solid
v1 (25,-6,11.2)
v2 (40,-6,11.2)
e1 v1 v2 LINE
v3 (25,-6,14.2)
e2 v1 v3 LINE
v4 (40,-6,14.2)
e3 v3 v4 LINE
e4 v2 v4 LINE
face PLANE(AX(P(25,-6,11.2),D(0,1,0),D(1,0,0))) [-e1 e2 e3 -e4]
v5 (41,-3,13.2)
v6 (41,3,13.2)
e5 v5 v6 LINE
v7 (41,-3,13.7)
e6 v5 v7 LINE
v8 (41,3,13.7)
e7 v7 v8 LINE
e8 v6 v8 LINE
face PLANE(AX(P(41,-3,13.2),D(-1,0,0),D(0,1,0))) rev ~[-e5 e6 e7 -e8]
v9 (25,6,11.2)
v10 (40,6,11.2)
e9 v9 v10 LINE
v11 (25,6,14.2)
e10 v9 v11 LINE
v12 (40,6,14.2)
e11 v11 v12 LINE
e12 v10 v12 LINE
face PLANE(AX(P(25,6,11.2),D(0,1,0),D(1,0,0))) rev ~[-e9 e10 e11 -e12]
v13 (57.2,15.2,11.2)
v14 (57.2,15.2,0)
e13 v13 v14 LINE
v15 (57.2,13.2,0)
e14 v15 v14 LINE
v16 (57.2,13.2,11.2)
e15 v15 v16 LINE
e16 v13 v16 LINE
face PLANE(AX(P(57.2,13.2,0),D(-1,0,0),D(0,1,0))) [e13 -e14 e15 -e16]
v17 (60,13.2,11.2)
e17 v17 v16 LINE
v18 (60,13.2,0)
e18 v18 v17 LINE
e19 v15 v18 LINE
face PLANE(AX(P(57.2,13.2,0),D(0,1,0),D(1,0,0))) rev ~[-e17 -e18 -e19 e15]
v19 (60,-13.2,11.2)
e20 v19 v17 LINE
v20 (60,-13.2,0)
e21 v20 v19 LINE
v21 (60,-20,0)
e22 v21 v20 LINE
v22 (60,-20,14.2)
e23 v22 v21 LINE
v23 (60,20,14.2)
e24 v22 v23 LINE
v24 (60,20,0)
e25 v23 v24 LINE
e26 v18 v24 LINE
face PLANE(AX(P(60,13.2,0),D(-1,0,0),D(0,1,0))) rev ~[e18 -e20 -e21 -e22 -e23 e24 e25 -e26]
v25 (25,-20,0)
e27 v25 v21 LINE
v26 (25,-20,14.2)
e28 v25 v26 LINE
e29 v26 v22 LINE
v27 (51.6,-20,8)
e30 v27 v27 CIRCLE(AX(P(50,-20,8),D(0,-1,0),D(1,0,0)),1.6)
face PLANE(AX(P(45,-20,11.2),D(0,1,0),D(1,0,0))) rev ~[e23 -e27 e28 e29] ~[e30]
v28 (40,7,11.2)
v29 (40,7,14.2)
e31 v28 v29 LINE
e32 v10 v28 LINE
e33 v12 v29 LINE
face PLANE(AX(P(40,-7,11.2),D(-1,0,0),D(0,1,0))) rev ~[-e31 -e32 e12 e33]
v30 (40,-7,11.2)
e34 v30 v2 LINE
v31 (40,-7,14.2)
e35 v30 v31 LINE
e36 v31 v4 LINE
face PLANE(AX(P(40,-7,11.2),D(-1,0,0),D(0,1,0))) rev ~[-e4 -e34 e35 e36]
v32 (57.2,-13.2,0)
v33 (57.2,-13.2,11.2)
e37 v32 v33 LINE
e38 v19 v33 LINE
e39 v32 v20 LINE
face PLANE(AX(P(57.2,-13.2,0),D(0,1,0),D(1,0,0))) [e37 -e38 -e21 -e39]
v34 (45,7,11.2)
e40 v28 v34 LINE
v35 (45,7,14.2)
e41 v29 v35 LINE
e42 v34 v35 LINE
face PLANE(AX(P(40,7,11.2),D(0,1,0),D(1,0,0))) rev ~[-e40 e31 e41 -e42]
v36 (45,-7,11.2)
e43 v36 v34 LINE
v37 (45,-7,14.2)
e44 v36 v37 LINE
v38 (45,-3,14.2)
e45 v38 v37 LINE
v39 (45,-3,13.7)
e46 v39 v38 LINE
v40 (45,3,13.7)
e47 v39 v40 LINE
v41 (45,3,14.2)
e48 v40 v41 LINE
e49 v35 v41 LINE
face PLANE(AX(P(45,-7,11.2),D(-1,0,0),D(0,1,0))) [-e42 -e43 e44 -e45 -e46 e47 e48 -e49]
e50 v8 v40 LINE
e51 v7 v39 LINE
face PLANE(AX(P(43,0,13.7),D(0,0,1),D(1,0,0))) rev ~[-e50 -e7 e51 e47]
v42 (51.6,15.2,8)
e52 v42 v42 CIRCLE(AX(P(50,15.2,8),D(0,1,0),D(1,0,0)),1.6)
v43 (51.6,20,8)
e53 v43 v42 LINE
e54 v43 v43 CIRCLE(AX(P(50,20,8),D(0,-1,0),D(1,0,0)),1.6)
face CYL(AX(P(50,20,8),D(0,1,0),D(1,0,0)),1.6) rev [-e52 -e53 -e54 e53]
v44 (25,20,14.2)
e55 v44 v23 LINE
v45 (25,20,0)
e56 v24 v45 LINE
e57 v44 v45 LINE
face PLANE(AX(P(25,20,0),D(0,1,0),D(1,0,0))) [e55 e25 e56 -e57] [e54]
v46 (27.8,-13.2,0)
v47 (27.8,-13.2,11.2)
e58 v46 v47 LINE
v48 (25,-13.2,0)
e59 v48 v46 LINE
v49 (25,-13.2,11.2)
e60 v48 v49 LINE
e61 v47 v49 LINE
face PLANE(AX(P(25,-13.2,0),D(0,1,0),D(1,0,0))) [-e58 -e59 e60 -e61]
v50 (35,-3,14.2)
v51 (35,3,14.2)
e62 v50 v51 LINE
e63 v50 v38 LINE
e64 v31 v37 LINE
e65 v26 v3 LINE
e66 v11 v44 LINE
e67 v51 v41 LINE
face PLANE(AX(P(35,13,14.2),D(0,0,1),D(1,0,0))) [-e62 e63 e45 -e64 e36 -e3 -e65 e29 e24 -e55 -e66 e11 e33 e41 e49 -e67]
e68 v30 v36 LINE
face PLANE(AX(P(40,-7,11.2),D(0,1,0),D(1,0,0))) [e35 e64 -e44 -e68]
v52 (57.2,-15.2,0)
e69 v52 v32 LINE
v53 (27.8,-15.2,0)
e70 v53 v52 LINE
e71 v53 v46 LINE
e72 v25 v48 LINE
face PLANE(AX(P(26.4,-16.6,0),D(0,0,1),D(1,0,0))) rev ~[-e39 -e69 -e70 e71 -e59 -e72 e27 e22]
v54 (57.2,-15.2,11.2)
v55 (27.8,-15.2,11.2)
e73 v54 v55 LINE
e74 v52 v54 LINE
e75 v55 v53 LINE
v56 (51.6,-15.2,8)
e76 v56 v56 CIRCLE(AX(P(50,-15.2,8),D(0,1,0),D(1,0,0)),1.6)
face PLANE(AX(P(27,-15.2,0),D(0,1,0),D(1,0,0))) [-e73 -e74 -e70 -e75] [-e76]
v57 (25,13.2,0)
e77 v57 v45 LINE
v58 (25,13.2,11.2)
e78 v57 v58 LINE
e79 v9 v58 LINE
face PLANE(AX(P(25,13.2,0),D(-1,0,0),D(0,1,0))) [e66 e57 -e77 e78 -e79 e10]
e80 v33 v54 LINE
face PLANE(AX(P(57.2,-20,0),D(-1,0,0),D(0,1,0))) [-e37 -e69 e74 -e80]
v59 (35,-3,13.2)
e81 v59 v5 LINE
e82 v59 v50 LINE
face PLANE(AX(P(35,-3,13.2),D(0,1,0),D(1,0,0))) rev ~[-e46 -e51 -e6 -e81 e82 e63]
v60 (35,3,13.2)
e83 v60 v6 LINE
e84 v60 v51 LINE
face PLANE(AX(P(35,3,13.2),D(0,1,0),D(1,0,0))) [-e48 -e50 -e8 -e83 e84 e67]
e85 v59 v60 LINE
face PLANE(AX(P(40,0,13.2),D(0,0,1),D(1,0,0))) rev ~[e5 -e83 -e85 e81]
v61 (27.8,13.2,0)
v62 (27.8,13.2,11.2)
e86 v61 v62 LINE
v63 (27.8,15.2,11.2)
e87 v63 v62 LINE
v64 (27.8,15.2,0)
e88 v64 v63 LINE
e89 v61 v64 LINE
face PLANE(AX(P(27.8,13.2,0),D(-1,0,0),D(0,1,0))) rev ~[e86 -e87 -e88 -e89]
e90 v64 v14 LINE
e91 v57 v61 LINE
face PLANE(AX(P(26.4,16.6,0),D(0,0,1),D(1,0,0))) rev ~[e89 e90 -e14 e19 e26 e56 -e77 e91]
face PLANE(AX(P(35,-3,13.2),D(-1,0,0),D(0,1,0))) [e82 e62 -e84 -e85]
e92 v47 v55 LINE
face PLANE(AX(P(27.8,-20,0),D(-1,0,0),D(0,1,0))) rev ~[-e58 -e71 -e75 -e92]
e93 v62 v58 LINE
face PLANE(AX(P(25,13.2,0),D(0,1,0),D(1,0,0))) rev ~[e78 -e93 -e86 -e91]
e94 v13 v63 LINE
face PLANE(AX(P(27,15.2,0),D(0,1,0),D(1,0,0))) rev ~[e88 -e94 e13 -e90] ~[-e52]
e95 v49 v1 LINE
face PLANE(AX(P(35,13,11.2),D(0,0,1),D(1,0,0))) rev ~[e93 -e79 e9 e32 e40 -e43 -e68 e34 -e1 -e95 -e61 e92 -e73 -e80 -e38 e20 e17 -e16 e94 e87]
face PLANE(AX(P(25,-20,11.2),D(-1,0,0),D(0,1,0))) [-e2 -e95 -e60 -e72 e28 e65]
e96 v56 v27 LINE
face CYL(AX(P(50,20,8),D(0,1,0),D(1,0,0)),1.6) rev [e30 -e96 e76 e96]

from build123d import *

# Parameters (mm, degrees)
CYLINDER005_R     = 1.6
CYLINDER005_DEPTH = 40
BOX033_W          = 31
BOX033_H          = 4.8
BOX033_DEPTH      = 12
BOX032_W          = 2.8
BOX032_H          = 6.8
BOX032_DEPTH      = 12
BOX031_W          = 2.8
BOX031_H          = 6.8
BOX031_DEPTH      = 12
BOX034_W          = 31
BOX034_H          = 4.8
BOX034_DEPTH      = 12
BOX030_W          = 2.8
BOX030_H          = 6.8
BOX030_DEPTH      = 12
BOX029_W          = 2.8
BOX029_H          = 6.8
BOX029_DEPTH      = 12
BOX040_W          = 4
BOX040_H          = 6
BOX040_DEPTH      = 0.5
BOX039_W          = 10
BOX039_H          = 6
BOX039_DEPTH      = 1
BOX038_W          = 5
BOX038_H          = 14
BOX038_DEPTH      = 3
BOX035_W          = 15
BOX035_H          = 40
BOX035_DEPTH      = 3
BOX037_W          = 20
BOX037_H          = 14
BOX037_DEPTH      = 3
BOX036_W          = 20
BOX036_H          = 14
BOX036_DEPTH      = 3


with BuildPart() as cylinder005:
    # Cylinder005 → Cylinder005 (new body)
    with BuildSketch(Plane(origin=(50, 20, 8), x_dir=(1, 0, 0), z_dir=(0, -1, 0))):
        Circle(CYLINDER005_R)
    extrude(amount=CYLINDER005_DEPTH)


with BuildPart() as cube033:
    # Box033 → Box033 (new body)
    with BuildSketch(Plane(origin=(27, -20, 0), x_dir=(1, 0, 0), z_dir=(0, 0, 1))):
        with Locations((15.5, 2.4)):
            Rectangle(BOX033_W, BOX033_H)
    extrude(amount=BOX033_DEPTH)


with BuildPart() as cube032:
    # Box032 → Box032 (new body)
    with BuildSketch(Plane(origin=(57.2, 13.2, 0), x_dir=(1, 0, 0), z_dir=(0, 0, 1))):
        with Locations((1.4, 3.4)):
            Rectangle(BOX032_W, BOX032_H)
    extrude(amount=BOX032_DEPTH)


with BuildPart() as cube031:
    # Box031 → Box031 (new body)
    with BuildSketch(Plane(origin=(57.2, -20, 0), x_dir=(1, 0, 0), z_dir=(0, 0, 1))):
        with Locations((1.4, 3.4)):
            Rectangle(BOX031_W, BOX031_H)
    extrude(amount=BOX031_DEPTH)


with BuildPart() as cube034:
    # Box034 → Box034 (new body)
    with BuildSketch(Plane(origin=(27, 15.2, 0), x_dir=(1, 0, 0), z_dir=(0, 0, 1))):
        with Locations((15.5, 2.4)):
            Rectangle(BOX034_W, BOX034_H)
    extrude(amount=BOX034_DEPTH)


with BuildPart() as cube030:
    # Box030 → Box030 (new body)
    with BuildSketch(Plane(origin=(25, 13.2, 0), x_dir=(1, 0, 0), z_dir=(0, 0, 1))):
        with Locations((1.4, 3.4)):
            Rectangle(BOX030_W, BOX030_H)
    extrude(amount=BOX030_DEPTH)


with BuildPart() as fusion004003005:
    # Box029 → Box029 (new body)
    with BuildSketch(Plane(origin=(25, -20, 0), x_dir=(1, 0, 0), z_dir=(0, 0, 1))):
        with Locations((1.4, 3.4)):
            Rectangle(BOX029_W, BOX029_H)
    extrude(amount=BOX029_DEPTH)

    # Fusion004003005: union Cube033, Cube032, Cube031, Cube034, Cube030
    add(cube033.part)
    add(cube032.part)
    add(cube031.part)
    add(cube034.part)
    add(cube030.part)


with BuildPart() as cube040:
    # Box040 → Box040 (new body)
    with BuildSketch(Plane(origin=(41, -3, 13), x_dir=(1, 0, 0), z_dir=(0, 0, 1))):
        with Locations((2, 3)):
            Rectangle(BOX040_W, BOX040_H)
    extrude(amount=BOX040_DEPTH)


with BuildPart() as cut007:
    # Box039 → Box039 (new body)
    with BuildSketch(Plane(origin=(35, -3, 13), x_dir=(1, 0, 0), z_dir=(0, 0, 1))):
        with Locations((5, 3)):
            Rectangle(BOX039_W, BOX039_H)
    extrude(amount=BOX039_DEPTH)

    # Cut007: cut Cube040
    add(cube040.part, mode=Mode.SUBTRACT)


with BuildPart() as cube038:
    # Box038 → Box038 (new body)
    with BuildSketch(Plane(origin=(40, -7, 11), x_dir=(1, 0, 0), z_dir=(0, 0, 1))):
        with Locations((2.5, 7)):
            Rectangle(BOX038_W, BOX038_H)
    extrude(amount=BOX038_DEPTH)


with BuildPart() as cube035:
    # Box035 → Box035 (new body)
    with BuildSketch(Plane(origin=(45, -20, 11), x_dir=(1, 0, 0), z_dir=(0, 0, 1))):
        with Locations((7.5, 20)):
            Rectangle(BOX035_W, BOX035_H)
    extrude(amount=BOX035_DEPTH)


with BuildPart() as cube037:
    # Box037 → Box037 (new body)
    with BuildSketch(Plane(origin=(25, 6, 11), x_dir=(1, 0, 0), z_dir=(0, 0, 1))):
        with Locations((10, 7)):
            Rectangle(BOX037_W, BOX037_H)
    extrude(amount=BOX037_DEPTH)


with BuildPart() as cut008:
    # Box036 → Box036 (new body)
    with BuildSketch(Plane(origin=(25, -20, 11), x_dir=(1, 0, 0), z_dir=(0, 0, 1))):
        with Locations((10, 7)):
            Rectangle(BOX036_W, BOX036_H)
    extrude(amount=BOX036_DEPTH)

    # Fusion004003003: union Cube035, Cube037
    add(cube035.part)
    add(cube037.part)

    # Cut006: cut Cube038
    add(cube038.part, mode=Mode.SUBTRACT)

    # Fusion004003004: union Cut007
    add(cut007.part)


with BuildPart() as cut008_1:
    # Fusion004003004 placement: moved
    add(cut008.part.moved(Location((0, 0, 0.2))))

    # Fusion004003006: union Fusion004003005
    add(fusion004003005.part)

    # Cut008: cut Cylinder005
    add(cylinder005.part, mode=Mode.SUBTRACT)


solid = cut008_1.part
